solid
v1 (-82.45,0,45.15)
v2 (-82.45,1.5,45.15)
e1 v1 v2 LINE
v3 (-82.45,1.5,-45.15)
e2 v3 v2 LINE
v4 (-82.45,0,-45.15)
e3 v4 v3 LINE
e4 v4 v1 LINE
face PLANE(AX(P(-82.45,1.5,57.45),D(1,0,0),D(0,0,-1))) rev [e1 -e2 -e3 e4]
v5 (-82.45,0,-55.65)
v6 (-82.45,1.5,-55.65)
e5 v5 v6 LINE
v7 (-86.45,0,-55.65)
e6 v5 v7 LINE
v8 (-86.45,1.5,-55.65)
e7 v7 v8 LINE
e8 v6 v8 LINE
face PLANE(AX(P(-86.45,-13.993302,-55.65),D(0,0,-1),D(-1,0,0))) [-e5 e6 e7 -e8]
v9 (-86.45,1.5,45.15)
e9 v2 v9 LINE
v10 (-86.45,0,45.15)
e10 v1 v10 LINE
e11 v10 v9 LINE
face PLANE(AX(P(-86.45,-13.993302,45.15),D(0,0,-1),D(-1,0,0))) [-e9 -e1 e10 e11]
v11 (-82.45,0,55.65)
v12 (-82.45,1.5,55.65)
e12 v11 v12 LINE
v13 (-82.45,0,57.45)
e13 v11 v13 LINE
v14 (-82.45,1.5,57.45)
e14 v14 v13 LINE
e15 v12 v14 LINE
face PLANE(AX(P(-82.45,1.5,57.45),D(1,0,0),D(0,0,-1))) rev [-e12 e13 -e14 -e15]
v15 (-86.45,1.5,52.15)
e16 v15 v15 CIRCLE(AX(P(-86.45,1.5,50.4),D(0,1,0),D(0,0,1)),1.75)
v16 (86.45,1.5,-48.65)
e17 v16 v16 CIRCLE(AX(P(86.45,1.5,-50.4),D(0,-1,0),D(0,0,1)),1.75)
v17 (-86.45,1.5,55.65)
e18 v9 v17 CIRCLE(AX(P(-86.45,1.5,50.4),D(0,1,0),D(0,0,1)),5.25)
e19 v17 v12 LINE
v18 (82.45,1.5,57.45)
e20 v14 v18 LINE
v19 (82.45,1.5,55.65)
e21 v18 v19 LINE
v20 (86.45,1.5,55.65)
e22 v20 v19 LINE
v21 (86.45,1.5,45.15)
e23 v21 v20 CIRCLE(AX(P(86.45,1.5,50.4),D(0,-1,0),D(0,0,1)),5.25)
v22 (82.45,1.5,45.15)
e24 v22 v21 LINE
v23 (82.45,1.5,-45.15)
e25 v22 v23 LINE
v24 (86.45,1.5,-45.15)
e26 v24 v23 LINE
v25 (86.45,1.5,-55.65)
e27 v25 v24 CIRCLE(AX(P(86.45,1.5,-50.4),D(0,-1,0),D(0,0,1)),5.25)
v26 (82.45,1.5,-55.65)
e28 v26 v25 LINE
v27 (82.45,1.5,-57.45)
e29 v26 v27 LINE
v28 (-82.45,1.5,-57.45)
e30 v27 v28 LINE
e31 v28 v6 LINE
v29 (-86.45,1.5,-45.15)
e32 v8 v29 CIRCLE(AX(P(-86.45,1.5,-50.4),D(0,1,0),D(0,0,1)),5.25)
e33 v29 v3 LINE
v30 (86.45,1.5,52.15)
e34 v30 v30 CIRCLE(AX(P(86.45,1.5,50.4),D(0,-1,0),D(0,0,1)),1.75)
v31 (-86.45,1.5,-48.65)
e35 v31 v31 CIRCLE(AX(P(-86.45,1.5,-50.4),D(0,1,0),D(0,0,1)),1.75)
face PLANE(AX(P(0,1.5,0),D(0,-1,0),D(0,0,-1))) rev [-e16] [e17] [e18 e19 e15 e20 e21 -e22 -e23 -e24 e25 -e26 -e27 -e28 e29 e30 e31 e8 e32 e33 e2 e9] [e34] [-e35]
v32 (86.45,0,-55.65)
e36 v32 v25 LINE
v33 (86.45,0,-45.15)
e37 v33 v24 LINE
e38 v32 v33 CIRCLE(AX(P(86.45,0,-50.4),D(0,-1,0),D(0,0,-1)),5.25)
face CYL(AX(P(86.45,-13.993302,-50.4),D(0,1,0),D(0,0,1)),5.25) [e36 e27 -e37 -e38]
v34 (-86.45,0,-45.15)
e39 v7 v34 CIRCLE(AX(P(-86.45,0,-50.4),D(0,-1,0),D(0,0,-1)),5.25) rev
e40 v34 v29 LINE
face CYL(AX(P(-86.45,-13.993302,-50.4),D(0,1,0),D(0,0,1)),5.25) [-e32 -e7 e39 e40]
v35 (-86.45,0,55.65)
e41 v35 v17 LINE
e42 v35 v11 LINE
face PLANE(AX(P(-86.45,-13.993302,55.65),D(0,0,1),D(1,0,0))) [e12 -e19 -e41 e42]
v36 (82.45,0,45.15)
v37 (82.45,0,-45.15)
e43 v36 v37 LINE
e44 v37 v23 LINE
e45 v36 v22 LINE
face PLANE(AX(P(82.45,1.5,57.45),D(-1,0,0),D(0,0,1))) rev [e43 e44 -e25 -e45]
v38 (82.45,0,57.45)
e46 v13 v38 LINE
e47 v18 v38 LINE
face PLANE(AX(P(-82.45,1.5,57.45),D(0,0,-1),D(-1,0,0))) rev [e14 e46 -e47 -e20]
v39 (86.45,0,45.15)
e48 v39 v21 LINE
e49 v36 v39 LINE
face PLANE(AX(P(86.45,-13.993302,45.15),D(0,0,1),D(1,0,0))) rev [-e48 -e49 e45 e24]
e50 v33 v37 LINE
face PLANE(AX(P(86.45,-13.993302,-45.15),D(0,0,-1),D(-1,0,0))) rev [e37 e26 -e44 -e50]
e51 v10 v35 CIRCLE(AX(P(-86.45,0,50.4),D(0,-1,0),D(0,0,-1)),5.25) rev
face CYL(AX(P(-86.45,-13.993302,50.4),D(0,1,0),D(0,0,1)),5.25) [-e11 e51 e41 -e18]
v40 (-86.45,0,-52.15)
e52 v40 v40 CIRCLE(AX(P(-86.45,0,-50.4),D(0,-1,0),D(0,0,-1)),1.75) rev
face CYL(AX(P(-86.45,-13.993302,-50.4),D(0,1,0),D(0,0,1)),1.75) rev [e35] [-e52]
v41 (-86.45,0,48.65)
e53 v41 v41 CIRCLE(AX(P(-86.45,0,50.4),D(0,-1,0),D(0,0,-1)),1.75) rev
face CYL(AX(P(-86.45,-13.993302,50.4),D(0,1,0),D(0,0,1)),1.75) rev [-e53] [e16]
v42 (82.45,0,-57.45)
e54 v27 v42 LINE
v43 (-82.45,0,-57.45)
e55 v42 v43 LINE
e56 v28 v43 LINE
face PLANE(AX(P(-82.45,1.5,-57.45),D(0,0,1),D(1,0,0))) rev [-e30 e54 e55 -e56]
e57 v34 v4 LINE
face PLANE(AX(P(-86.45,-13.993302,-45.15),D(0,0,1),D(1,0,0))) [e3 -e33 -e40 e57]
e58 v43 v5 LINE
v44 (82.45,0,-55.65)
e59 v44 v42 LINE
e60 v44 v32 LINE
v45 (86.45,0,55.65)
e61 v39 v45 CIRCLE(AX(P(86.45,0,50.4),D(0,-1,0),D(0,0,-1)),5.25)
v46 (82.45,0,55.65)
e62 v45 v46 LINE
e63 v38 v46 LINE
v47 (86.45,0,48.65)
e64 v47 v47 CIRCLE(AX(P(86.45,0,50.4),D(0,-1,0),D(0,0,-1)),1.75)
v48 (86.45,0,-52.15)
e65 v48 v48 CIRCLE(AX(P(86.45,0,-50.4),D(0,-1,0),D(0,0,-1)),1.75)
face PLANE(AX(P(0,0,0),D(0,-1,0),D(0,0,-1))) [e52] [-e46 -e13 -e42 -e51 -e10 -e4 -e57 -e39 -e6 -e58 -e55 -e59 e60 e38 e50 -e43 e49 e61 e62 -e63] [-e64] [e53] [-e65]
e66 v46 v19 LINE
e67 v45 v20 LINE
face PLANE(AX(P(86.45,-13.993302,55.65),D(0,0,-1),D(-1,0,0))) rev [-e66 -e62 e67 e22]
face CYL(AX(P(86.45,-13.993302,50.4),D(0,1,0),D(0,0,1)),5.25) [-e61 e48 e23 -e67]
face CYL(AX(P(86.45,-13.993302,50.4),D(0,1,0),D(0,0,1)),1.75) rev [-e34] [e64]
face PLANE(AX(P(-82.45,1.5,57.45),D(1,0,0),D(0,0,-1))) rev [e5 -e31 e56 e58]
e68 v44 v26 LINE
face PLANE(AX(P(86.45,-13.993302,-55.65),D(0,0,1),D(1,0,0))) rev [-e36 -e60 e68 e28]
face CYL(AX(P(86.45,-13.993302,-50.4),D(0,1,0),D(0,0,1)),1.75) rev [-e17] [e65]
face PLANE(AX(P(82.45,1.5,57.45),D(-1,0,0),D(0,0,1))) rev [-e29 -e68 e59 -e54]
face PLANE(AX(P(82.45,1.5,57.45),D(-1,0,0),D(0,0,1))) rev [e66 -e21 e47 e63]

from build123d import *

# Parameters (mm, degrees)
SKETCH1_W               = 164.9
SKETCH1_H               = 114.9
BOSS_EXTRUDE1_DEPTH     = 1.5
SKETCH2_R               = 1.75
BOSS_EXTRUDE2_DEPTH     = 1.5
LPATTERN1_COUNT         = 2
LPATTERN1_PITCH         = 100.8
MIRROR1_COPY_1_SKETCH_R = 1.75
MIRROR1_COPY_1_DEPTH    = 1.5


with BuildPart() as part:
    # Sketch1 → Boss-Extrude1 (new body)
    with BuildSketch(Plane(origin=(0, 0, 0), x_dir=(1, 0, 0), z_dir=(0, 1, 0))):
        Rectangle(SKETCH1_W, SKETCH1_H)
    extrude(amount=BOSS_EXTRUDE1_DEPTH)

    # Sketch2 → Boss-Extrude2 (add)
    with BuildSketch(Plane(origin=(0, 1.5, 0), x_dir=(1, 0, 0), z_dir=(0, 1, 0))):
        with BuildLine():
            Line((-82.45, 55.65), (-82.45, 45.15))
            Line((-82.45, 45.15), (-86.45, 45.15))
            ThreePointArc((-86.45, 45.15), (-91.7, 50.4), (-86.45, 55.65))
            Line((-86.45, 55.65), (-82.45, 55.65))
        make_face()
        with Locations(Location((-86.45, 50.4, 0), (0, 0, 270))):
            Circle(SKETCH2_R, mode=Mode.SUBTRACT)
    boss_extrude2 = extrude(amount=-BOSS_EXTRUDE2_DEPTH)

    # LPattern1: Boss-Extrude2 ×2
    with Locations(*[(0, 0, i * LPATTERN1_PITCH) for i in range(1, LPATTERN1_COUNT)]):
        add(boss_extrude2)

    # Mirror1: Boss-Extrude2 across plane
    add(boss_extrude2.mirror(Plane(origin=(0, 0, 0), x_dir=(0, 0, 1), z_dir=(1, 0, 0))))

    # Mirror1 copy 1 sketch → Mirror1 copy 1 (add)
    with BuildSketch(Plane(origin=(0, 1.5, 100.8), x_dir=(-1, 0, 0), z_dir=(0, 1, 0))):
        with BuildLine():
            Line((-82.45, -55.65), (-82.45, -45.15))
            Line((-82.45, -45.15), (-86.45, -45.15))
            ThreePointArc((-86.45, -45.15), (-91.7, -50.4), (-86.45, -55.65))
            Line((-86.45, -55.65), (-82.45, -55.65))
        make_face()
        with Locations((-86.45, -50.4)):
            Circle(MIRROR1_COPY_1_SKETCH_R, mode=Mode.SUBTRACT)
    extrude(amount=-MIRROR1_COPY_1_DEPTH)


solid = part.part
